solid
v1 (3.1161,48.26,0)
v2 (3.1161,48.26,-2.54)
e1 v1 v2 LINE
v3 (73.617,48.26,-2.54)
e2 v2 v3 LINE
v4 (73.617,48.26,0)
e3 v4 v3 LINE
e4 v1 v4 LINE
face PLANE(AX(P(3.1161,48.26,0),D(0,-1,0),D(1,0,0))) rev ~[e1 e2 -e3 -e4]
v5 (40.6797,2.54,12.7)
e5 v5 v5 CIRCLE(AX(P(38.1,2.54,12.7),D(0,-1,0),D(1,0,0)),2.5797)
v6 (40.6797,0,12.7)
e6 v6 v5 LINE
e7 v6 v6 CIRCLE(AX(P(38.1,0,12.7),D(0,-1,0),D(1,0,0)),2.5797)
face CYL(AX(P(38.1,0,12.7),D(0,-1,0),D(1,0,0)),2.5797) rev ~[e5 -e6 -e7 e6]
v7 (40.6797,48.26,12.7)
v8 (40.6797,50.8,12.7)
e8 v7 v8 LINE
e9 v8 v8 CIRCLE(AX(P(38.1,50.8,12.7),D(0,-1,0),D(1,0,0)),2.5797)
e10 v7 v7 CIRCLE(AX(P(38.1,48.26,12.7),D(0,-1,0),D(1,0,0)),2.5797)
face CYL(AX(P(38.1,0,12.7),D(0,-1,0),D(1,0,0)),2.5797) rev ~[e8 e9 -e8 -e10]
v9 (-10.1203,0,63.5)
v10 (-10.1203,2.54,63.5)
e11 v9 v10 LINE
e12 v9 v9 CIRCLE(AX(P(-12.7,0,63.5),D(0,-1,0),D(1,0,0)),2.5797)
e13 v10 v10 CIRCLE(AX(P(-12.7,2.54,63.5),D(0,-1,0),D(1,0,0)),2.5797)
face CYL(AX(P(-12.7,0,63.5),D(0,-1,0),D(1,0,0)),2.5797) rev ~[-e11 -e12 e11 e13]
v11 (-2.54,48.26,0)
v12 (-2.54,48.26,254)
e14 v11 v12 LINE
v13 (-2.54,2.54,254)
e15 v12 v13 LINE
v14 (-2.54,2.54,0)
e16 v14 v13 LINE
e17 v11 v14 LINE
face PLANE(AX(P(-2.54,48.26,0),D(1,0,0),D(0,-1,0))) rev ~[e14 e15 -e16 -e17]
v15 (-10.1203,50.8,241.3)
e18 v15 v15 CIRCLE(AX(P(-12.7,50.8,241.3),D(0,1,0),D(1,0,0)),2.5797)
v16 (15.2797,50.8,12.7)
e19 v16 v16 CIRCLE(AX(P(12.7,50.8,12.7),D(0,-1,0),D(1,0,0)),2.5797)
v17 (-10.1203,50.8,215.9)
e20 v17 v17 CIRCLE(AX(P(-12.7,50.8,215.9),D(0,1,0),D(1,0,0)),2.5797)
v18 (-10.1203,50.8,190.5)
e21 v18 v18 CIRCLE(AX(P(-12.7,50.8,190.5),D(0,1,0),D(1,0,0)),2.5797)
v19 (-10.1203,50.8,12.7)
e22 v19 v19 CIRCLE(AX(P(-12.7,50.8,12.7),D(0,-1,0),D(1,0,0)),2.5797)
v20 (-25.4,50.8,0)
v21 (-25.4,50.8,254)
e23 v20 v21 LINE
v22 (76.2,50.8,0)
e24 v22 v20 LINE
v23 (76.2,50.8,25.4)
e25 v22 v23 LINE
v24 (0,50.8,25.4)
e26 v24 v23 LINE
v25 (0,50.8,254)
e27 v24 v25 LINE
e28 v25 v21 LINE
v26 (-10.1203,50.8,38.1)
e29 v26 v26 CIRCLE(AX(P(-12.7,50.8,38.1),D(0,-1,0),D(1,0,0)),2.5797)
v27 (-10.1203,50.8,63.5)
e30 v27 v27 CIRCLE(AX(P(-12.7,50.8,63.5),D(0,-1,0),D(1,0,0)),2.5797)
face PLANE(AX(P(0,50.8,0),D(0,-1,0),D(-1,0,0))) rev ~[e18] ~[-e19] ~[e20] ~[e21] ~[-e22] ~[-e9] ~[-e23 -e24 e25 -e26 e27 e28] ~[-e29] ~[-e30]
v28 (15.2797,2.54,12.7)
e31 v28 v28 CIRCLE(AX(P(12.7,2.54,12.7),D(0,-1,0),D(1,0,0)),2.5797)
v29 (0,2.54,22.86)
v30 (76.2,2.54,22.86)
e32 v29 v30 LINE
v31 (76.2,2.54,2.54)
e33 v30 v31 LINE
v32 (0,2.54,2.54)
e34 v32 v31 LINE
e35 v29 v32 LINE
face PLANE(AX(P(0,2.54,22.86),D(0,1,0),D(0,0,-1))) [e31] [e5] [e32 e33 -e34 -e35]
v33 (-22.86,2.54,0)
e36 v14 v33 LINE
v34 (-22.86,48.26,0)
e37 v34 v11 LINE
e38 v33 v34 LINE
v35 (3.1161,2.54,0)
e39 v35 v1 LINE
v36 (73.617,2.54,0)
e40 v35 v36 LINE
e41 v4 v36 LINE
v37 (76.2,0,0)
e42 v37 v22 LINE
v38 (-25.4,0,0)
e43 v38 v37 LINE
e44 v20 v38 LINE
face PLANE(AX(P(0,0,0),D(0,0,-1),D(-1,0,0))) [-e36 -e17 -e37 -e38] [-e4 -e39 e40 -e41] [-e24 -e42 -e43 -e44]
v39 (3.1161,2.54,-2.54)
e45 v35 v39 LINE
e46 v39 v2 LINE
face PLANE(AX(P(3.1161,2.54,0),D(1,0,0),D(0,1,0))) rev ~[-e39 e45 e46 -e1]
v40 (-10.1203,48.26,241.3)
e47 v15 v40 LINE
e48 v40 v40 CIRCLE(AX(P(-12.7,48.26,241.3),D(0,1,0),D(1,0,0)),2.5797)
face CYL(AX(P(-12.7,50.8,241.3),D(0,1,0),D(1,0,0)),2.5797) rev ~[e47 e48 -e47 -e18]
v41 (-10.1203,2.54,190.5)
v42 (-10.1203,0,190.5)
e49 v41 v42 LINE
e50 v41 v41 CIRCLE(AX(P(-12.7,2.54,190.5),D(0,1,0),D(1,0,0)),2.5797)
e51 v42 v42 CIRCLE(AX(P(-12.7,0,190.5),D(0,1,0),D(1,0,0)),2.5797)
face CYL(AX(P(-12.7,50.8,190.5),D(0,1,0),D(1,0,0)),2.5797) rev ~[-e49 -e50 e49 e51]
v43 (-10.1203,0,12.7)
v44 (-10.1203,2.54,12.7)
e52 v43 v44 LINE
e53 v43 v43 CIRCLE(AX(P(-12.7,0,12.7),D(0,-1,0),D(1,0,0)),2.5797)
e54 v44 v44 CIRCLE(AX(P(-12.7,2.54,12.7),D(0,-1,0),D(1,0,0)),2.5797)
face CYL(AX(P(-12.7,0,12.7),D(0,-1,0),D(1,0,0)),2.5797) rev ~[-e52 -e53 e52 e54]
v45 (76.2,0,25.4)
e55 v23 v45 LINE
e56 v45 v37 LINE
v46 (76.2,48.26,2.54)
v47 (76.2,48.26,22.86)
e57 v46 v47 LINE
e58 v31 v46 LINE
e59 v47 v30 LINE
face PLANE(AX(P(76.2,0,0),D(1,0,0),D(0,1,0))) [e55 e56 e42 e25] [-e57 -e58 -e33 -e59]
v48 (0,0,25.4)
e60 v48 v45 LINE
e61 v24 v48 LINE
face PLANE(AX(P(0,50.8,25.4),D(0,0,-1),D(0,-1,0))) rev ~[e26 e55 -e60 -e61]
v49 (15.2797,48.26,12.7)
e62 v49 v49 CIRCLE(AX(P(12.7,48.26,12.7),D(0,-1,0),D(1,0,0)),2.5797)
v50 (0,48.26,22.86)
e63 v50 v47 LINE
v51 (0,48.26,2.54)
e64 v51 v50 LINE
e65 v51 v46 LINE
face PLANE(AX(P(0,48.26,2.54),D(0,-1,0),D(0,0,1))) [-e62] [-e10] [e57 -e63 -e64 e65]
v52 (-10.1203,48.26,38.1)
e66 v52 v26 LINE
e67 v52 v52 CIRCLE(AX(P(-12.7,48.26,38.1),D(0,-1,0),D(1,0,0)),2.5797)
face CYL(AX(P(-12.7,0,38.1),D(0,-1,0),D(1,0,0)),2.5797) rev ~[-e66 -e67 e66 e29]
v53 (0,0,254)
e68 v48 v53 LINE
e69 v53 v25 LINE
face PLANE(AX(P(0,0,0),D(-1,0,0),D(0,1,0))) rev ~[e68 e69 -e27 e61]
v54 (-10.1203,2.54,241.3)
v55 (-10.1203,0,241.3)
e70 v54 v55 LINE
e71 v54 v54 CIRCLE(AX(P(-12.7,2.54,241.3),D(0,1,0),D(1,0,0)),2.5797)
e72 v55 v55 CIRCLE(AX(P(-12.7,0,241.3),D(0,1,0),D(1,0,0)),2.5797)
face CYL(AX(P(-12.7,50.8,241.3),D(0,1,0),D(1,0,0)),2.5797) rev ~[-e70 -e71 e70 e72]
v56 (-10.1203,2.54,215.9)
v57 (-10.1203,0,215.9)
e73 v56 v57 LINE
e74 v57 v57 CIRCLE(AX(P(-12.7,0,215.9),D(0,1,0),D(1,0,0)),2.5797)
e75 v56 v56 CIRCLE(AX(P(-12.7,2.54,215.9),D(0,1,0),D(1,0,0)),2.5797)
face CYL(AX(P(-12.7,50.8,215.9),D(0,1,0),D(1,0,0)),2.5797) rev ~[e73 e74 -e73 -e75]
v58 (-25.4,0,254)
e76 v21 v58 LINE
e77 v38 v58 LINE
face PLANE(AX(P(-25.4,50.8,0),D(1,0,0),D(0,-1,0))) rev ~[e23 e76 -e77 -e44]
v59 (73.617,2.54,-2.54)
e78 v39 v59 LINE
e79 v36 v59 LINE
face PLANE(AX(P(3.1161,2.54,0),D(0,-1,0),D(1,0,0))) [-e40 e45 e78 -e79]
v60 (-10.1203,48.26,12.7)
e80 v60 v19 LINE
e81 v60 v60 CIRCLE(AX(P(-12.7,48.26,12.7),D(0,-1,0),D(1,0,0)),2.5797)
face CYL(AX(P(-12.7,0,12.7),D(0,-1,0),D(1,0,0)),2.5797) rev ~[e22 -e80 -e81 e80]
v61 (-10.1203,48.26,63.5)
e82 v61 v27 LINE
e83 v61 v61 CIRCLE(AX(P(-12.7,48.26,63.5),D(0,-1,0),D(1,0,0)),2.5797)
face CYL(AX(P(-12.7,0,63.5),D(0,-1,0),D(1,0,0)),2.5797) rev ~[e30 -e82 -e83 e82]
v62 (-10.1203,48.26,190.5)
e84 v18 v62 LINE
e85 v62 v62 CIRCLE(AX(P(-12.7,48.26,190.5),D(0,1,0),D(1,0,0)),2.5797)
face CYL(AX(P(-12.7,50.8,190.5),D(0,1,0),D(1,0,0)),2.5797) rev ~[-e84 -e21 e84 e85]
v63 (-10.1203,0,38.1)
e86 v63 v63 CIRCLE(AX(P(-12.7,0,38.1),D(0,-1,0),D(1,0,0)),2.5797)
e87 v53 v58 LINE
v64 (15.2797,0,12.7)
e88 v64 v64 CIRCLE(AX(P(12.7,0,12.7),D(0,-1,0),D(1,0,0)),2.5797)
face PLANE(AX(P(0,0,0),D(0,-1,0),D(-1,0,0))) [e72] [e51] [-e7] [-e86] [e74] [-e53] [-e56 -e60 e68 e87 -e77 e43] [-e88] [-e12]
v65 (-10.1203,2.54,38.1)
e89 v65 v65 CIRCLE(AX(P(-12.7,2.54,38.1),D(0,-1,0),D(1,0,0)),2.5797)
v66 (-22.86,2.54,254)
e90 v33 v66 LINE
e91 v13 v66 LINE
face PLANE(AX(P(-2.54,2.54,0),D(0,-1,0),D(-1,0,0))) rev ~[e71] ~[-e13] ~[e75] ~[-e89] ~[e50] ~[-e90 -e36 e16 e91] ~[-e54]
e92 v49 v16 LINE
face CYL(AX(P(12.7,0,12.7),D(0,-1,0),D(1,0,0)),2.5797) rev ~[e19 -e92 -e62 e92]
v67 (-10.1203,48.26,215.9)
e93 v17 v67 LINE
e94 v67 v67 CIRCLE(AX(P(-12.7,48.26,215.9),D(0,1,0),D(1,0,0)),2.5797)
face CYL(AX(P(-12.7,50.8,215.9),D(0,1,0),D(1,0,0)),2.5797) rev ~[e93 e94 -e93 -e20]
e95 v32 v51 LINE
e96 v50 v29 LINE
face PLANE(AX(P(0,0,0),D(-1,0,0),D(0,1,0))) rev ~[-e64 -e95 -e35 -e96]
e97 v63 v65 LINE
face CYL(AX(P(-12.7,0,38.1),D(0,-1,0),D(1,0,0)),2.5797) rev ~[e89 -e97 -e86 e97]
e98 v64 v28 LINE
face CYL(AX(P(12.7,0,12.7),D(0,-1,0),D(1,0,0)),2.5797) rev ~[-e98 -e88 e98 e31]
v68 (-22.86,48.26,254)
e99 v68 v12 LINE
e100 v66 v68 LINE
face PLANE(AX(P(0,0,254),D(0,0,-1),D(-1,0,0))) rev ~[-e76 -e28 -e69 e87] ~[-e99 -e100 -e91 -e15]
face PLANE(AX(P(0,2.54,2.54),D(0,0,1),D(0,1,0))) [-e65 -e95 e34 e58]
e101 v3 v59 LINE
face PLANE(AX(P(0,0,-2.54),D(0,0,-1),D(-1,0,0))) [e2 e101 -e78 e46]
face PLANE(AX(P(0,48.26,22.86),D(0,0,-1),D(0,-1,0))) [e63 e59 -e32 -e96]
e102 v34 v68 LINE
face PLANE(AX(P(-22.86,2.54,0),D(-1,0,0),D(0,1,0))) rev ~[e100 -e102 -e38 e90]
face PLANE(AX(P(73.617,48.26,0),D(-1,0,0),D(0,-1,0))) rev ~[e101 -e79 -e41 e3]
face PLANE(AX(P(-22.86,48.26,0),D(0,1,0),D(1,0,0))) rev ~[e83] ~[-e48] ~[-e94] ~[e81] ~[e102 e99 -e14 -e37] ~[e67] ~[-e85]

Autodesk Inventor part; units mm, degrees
ref_plane "YZ Plane" through (0, 0, 0) normal (1, 0, 0) x (0, 1, 0)
ref_plane "XZ Plane" through (0, 0, 0) normal (0, 1, 0) x (-1, 0, 0)
ref_plane "XY Plane" through (0, 0, 0) normal (0, 0, 1) x (1, 0, 0)
sketch "Sketch15" plane through (0, 0, 0) normal (1, 0, 0) x (0, 1, 0)
  line L0 (0, 0) -> (50.8, 0)
  line L1 (50.8, 0) -> (50.8, 25.4)
  line L2 (50.8, 25.4) -> (0, 25.4)
  line L3 (0, 25.4) -> (0, 0)
  line L4 (48.26, 22.86) -> (2.54, 22.86)
  line L5 (2.54, 22.86) -> (2.54, 2.54)
  line L6 (2.54, 2.54) -> (48.26, 2.54)
  line L7 (48.26, 2.54) -> (48.26, 22.86)
  dimension "d46" = 25.4
  dimension "d47" = 50.8
  dimension "d48" = 2.54
  dimension "d49" = 2.54
  dimension "d50" = 2.54
  dimension "d51" = 2.54
extrude "Extrusion12" add sketch "Sketch15" along normal blind 76.2
sketch "Sketch17" plane through (0, 0, 0) normal (0, 0, -1) x (-1, 0, 0)
  line L0 (0, 2.54) -> (-76.2, 2.54) projected
  line L1 (0, 48.26) -> (-76.2, 48.26) projected
  line L2 (-73.617, 2.54) -> (-3.1161, 2.54)
  line L3 (-3.1161, 2.54) -> (-3.1161, 48.26)
  line L4 (-3.1161, 48.26) -> (-73.617, 48.26)
  line L5 (-73.617, 48.26) -> (-73.617, 2.54)
  point P0 (0, 0)
extrude "Extrusion14" add sketch "Sketch17" along normal blind 2.54
sketch "Sketch20" plane through (0, 0, 0) normal (0, 0, -1) x (-1, 0, 0)
  line L0 (0, 0) -> (25.4, 0)
  line L1 (25.4, 0) -> (0, 0)
  line L2 (0, 0) -> (0, 50.8)
  line L3 (0, 50.8) -> (25.4, 50.8)
  line L4 (25.4, 50.8) -> (25.4, 0)
  line L5 (22.86, 48.26) -> (2.54, 48.26)
  line L6 (2.54, 48.26) -> (2.54, 2.54)
  line L7 (2.54, 2.54) -> (22.86, 2.54)
  line L8 (22.86, 2.54) -> (22.86, 48.26)
  line L9 (0, 0) -> (0, 50.8) projected
  dimension "d71" = 25.4
  dimension "d72" = 50.8
  dimension "d73" = 2.54
  dimension "d74" = 2.54
  dimension "d75" = 2.54
  dimension "d76" = 2.54
  dimension "d78" = 0
extrude "Extrusion16" add sketch "Sketch20" against normal blind 254
sketch "Sketch21" plane through (76.2, 0, 0) normal (0, -1, 0) x (1, 0, 0)
  circle A0 centre (-38.1, 12.7) radius 2.5797
  circle A1 centre (-63.5, 12.7) radius 2.5797
  circle A2 centre (-88.9, 12.7) radius 2.5797
  circle A3 centre (-88.9, 38.1) radius 2.5797
  circle A4 centre (-88.9, 63.5) radius 2.5797
  line L0 (-76.2, 25.4) -> (0, 25.4) projected
  line L1 (-101.6, 0) -> (-101.6, 254) projected
  line L2 (-76.2, 25.4) -> (-76.2, 254) projected
  point P0 (-76.2, 0)
  dimension "d81" = 12.7
  dimension "d82" = 12.7
  dimension "d83" = 12.7
  dimension "d84" = 25.4
  dimension "d85" = 12.7
  dimension "d86" = 5.1594
  dimension "d87" = 5.1594
  dimension "d88" = 5.1594
  dimension "d89" = 25.4
  dimension "d90" = 25.4
  dimension "d91" = 25.4
  dimension "d92" = 5.1594
  dimension "d93" = 5.1594
  dimension "d94" = 12.7
  dimension "d95" = 12.7
extrude "Extrusion17" cut sketch "Sketch21" against normal blind 76.2
sketch "Sketch22" plane through (76.2, 50.8, 25.4) normal (0, 1, 0) x (1, 0, 0)
  circle A0 centre (-88.9, -215.9) radius 2.5797
  circle A1 centre (-88.9, -190.5) radius 2.5797
  circle A2 centre (-88.9, -165.1) radius 2.5797
  line L0 (-76.2, 0) -> (-76.2, -228.6) projected
  line L1 (-76.2, -228.6) -> (-101.6, -228.6) projected
  point P0 (-76.2, 25.4)
  dimension "d98" = 25.4
  dimension "d99" = 25.4
  dimension "d100" = 12.7
  dimension "d101" = 12.7
  dimension "d102" = 12.7
  dimension "d103" = 5.1594
  dimension "d104" = 5.1594
  dimension "d105" = 5.1594
  dimension "d108" = 12.7
extrude "Extrusion18" cut sketch "Sketch22" against normal blind 76.2
equation "\"d49\" = d48"
equation "\"d50\" = d48"
equation "\"d51\" = d48"
equation "\"d73\" = d77"
equation "\"d74\" = d77"
equation "\"d75\" = d77"
equation "\"d76\" = d77"
equation "\"d87\" = d86"
equation "\"d88\" = d86"
equation "\"d92\" = d86"
equation "\"d93\" = d86"
equation "\"d101\" = d100"
equation "\"d102\" = d100"
equation "\"d104\" = d103"
equation "\"d105\" = d103"
equation "\"d77\" = 2.54"
properties part number "left arm"
